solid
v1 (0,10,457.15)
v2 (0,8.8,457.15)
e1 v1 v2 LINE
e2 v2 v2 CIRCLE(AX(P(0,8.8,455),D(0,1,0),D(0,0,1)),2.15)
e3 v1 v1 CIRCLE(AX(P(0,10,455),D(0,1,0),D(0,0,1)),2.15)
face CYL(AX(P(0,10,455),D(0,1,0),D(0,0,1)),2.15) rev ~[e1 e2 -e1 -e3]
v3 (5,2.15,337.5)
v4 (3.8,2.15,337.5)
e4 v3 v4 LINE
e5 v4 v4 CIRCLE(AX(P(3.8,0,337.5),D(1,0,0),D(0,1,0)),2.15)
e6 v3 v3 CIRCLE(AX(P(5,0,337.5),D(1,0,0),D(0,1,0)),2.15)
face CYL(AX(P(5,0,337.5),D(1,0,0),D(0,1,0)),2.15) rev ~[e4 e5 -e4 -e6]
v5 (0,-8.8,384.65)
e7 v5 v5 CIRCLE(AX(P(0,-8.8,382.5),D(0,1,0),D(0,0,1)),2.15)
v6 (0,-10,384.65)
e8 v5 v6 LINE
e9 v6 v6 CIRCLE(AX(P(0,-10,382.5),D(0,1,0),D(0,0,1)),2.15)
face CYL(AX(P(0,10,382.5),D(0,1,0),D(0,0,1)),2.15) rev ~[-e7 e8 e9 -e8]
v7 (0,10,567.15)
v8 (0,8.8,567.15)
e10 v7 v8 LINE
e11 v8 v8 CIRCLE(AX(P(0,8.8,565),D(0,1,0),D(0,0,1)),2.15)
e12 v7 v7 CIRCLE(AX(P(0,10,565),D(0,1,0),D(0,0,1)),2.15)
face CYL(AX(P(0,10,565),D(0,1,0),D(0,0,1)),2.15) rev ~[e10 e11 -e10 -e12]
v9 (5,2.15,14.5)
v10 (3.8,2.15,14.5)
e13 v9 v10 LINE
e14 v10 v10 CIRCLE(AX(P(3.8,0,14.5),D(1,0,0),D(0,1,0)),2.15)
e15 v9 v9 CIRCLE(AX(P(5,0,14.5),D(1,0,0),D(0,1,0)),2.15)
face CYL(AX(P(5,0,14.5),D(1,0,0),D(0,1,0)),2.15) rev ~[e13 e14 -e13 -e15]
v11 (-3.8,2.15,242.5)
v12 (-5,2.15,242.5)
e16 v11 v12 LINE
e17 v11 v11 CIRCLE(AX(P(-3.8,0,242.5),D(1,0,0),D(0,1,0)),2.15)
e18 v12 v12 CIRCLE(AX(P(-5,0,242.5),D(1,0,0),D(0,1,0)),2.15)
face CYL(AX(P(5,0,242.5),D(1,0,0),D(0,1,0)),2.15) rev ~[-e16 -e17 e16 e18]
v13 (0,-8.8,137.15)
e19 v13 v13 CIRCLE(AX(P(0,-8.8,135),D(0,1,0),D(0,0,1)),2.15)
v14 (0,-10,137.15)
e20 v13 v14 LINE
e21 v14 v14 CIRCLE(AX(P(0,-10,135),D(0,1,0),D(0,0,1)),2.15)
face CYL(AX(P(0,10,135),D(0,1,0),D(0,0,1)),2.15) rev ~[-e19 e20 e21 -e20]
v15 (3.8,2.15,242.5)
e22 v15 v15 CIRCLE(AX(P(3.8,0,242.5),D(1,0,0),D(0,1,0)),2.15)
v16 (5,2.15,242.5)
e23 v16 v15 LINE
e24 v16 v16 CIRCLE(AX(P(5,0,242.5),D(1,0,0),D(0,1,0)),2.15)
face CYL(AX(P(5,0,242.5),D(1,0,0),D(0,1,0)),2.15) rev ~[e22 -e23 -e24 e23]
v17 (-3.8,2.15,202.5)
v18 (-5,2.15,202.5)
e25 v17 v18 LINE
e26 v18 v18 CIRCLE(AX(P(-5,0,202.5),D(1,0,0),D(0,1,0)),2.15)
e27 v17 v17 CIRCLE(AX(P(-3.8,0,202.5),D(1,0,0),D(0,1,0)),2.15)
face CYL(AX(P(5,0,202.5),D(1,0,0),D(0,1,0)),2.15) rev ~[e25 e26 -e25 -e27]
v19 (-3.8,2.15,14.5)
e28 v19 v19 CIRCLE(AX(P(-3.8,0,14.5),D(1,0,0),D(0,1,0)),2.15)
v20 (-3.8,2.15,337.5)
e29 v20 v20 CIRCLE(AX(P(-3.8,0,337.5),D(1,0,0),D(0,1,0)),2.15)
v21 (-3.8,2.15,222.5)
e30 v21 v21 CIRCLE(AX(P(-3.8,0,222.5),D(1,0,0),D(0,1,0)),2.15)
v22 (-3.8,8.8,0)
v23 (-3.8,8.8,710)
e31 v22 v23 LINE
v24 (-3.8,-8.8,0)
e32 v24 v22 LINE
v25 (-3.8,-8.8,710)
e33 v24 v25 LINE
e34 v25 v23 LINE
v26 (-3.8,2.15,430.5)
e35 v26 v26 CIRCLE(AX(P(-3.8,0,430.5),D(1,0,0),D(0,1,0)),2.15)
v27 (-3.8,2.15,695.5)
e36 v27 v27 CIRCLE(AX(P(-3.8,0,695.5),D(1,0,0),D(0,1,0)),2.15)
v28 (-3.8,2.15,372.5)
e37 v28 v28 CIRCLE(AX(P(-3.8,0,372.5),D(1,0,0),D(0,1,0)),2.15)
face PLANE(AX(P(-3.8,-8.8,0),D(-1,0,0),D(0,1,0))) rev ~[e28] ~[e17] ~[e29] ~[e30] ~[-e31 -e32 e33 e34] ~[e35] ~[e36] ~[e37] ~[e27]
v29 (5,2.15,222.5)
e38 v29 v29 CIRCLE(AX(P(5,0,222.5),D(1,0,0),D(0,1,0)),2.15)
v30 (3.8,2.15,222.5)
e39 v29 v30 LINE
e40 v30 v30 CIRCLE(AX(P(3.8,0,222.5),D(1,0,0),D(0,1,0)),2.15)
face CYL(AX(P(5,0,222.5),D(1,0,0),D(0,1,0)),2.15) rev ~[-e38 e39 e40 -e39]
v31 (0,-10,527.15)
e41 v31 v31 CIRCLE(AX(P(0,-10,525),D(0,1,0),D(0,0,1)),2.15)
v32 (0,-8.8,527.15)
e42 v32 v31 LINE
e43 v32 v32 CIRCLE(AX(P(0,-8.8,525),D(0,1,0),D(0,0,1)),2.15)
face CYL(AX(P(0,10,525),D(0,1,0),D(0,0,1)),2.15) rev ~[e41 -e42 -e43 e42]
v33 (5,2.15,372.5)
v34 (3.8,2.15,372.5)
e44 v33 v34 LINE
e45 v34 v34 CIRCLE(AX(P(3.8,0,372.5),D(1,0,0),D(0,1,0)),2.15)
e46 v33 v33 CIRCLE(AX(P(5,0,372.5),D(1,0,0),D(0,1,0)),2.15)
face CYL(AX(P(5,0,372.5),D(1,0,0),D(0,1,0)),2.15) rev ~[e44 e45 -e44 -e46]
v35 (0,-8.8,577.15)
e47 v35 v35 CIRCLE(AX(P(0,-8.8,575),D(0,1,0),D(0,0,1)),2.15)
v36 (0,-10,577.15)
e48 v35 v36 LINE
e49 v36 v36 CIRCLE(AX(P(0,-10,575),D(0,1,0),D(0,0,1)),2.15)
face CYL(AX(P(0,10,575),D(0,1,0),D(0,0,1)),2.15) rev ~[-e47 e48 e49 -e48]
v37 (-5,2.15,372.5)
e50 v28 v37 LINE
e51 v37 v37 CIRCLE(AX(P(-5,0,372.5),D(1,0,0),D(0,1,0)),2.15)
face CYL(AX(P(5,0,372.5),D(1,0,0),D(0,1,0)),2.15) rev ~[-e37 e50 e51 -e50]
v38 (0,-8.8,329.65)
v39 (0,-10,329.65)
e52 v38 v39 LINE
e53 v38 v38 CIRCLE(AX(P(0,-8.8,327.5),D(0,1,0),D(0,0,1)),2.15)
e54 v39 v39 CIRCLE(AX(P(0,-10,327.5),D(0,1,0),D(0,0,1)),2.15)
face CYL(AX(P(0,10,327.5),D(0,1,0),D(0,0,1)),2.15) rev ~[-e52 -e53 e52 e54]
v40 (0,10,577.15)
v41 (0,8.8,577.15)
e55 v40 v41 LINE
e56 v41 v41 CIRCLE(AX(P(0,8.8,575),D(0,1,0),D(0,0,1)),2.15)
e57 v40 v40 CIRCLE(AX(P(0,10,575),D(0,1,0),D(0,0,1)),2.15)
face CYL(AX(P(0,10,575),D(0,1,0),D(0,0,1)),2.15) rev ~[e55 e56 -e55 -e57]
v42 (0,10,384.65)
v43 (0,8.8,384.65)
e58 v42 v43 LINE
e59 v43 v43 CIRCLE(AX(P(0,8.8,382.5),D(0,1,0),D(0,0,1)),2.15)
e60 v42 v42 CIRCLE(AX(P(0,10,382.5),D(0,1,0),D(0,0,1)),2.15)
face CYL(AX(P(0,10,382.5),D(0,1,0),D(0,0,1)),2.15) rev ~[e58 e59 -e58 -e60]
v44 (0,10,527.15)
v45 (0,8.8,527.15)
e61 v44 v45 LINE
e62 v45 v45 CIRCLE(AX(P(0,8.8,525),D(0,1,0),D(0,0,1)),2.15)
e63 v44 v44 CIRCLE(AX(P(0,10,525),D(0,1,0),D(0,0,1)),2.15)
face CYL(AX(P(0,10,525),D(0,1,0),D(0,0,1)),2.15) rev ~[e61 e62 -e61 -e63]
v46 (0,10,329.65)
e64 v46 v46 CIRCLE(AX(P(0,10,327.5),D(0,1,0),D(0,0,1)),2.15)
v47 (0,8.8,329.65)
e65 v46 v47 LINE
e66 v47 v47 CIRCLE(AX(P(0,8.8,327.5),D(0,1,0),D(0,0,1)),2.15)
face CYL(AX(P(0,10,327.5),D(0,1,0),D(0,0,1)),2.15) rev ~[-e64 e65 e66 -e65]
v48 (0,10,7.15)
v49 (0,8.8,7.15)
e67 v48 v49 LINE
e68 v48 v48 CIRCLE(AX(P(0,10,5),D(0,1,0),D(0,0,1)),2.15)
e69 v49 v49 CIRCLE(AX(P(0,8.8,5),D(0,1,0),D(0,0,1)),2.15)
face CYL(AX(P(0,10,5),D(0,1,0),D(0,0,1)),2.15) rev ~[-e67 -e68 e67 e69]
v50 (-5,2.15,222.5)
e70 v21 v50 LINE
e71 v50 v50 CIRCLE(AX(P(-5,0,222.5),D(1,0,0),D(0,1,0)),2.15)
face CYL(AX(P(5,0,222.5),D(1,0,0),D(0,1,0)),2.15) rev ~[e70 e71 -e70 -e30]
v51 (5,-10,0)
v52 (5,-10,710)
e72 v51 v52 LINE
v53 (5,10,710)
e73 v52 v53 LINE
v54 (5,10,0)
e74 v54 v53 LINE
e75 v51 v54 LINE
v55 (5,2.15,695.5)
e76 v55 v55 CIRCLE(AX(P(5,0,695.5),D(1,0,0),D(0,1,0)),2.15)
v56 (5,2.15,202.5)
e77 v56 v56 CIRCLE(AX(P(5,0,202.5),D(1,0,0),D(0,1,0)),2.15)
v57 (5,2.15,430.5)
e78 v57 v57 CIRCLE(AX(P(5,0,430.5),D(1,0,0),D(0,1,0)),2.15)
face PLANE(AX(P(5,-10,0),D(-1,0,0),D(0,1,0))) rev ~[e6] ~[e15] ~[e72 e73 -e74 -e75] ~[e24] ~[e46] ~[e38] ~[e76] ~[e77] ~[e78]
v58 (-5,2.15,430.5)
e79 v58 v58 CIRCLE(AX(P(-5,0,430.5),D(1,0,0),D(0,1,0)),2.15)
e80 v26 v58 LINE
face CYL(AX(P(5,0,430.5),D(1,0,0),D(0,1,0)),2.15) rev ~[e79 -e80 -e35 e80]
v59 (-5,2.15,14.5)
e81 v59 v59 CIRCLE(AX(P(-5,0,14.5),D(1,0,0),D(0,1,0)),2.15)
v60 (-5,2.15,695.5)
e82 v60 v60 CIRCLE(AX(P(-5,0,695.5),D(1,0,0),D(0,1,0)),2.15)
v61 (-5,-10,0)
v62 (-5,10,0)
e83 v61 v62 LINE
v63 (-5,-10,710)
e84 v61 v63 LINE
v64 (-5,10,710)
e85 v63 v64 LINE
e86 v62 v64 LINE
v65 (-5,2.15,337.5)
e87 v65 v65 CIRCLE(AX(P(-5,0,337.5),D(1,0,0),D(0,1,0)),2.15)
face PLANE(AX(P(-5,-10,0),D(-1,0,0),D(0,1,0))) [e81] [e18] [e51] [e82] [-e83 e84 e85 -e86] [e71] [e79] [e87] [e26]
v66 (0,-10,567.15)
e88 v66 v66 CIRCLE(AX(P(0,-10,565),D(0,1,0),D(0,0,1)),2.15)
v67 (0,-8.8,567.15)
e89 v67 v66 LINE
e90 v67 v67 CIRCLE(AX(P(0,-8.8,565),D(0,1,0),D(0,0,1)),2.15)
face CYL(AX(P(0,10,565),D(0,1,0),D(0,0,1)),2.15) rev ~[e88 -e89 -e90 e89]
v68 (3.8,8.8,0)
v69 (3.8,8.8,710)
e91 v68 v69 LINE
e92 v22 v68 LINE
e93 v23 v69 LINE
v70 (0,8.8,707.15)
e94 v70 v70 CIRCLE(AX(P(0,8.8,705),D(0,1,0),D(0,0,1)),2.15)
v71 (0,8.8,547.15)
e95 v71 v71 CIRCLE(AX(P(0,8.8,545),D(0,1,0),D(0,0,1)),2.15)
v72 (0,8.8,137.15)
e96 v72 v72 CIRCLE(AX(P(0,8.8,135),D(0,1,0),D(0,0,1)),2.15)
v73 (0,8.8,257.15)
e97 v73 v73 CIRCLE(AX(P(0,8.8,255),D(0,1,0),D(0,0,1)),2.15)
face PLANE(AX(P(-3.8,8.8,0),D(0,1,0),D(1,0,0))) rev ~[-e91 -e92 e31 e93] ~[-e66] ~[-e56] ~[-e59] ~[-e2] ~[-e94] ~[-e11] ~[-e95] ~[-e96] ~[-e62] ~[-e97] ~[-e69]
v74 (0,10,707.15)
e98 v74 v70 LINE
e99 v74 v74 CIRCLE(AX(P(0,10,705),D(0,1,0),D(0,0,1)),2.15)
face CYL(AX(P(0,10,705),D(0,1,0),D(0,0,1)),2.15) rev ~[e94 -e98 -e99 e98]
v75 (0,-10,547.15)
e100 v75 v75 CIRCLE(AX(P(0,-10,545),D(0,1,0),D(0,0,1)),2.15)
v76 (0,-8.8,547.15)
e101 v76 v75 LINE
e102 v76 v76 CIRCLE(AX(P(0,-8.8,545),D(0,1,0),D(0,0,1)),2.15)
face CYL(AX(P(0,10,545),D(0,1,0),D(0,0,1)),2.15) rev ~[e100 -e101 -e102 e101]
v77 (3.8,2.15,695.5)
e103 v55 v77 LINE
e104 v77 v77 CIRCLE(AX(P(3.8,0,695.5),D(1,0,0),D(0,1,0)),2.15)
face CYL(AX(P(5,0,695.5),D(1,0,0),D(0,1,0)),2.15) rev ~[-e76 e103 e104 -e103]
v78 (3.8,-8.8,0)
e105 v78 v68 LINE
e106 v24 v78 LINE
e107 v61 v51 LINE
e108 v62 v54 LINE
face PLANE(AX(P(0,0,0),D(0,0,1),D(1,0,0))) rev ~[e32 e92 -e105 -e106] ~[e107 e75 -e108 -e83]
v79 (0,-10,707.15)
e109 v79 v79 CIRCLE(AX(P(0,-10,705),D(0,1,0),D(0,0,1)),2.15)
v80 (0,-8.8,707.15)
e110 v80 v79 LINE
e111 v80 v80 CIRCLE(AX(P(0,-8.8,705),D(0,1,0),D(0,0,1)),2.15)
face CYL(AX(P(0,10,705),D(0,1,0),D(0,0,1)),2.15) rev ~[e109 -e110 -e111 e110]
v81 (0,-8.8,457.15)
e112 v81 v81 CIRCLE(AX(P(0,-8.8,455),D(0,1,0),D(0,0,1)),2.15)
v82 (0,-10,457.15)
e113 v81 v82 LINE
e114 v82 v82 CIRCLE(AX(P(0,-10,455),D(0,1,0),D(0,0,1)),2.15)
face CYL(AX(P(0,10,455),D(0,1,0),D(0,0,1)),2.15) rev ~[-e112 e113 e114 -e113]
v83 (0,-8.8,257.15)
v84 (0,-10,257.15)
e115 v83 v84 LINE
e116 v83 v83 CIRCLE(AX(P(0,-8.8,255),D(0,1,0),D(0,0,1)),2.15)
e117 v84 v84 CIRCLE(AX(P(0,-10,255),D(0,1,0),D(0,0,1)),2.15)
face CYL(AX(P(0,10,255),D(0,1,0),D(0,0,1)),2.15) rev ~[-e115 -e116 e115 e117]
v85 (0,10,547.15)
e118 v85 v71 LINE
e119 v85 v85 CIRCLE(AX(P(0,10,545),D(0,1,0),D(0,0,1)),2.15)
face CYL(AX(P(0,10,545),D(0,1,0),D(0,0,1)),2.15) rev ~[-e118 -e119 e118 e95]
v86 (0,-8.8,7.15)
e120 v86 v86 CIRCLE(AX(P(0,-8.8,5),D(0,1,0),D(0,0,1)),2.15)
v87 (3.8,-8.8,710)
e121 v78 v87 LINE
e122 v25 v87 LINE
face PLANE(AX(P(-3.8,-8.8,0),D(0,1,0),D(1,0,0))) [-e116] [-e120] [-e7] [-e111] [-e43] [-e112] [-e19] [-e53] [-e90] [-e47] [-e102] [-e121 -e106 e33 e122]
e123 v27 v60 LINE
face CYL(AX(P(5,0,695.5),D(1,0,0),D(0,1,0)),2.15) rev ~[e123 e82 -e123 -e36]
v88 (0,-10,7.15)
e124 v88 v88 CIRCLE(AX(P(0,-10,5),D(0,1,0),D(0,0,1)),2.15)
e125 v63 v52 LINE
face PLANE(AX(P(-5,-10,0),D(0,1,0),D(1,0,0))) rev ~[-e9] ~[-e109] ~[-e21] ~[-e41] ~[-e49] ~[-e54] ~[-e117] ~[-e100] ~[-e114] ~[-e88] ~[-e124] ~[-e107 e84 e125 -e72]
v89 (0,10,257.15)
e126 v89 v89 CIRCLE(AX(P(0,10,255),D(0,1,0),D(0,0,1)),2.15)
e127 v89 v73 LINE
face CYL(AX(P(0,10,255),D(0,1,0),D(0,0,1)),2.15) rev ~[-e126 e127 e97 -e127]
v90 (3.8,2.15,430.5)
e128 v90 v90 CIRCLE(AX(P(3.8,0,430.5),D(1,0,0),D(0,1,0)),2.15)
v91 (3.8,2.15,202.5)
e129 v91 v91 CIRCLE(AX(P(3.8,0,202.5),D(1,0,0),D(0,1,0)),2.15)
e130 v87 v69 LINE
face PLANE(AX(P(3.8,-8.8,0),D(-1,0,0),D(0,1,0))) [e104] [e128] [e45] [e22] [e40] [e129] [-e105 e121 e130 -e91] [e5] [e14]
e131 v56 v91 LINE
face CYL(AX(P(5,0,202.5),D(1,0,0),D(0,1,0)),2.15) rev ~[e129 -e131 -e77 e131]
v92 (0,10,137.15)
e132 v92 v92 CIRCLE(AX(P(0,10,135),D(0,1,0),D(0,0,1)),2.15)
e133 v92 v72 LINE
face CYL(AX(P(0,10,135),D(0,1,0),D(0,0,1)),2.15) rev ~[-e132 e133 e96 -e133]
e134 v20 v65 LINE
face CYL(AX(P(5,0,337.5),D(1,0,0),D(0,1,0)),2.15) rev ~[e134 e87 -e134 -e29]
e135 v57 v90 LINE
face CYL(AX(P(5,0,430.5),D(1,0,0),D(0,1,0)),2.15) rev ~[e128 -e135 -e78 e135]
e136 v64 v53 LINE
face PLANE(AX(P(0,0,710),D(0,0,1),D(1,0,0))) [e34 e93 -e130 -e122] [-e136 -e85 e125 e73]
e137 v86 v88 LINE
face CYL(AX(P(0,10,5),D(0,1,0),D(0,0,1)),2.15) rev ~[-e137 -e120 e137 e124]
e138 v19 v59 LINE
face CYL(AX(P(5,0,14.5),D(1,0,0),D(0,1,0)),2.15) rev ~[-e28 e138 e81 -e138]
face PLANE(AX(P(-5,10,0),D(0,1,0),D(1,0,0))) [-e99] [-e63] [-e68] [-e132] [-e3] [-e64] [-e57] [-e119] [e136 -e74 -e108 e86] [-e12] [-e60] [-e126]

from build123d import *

# Parameters (mm, degrees)
SKETCH_1_W          = 10
SKETCH_1_H          = 20
SKETCH_1_W_2        = 7.6
SKETCH_1_H_2        = 17.6
EXTRUDE_1_DEPTH     = 710
SKETCH_2_R          = 2.15
CUT_EXTRUDE_1_DEPTH = 711.299232718
SKETCH_3_R          = 2.15
CUT_EXTRUDE_2_DEPTH = 711.140831103


with BuildPart() as part:
    # ｽｹｯﾁ1 → 押し出し-薄板1 (new body)
    with BuildSketch(Plane.XY):
        Rectangle(SKETCH_1_W, SKETCH_1_H)
        Rectangle(SKETCH_1_W_2, SKETCH_1_H_2, mode=Mode.SUBTRACT)
    extrude(amount=EXTRUDE_1_DEPTH)

    # ｽｹｯﾁ2 → ｶｯﾄ - 押し出し1 (cut, through all)
    with BuildSketch(Plane(origin=(0, 10, 0), x_dir=(1, 0, 0), z_dir=(0, 1, 0))):
        with Locations(Location((0, -135, 0), (0, 0, 270))):
            Circle(SKETCH_2_R)
        with Locations(Location((0, -5, 0), (0, 0, 270))):
            Circle(SKETCH_2_R)
        with Locations(Location((0, -575, 0), (0, 0, 270))):
            Circle(SKETCH_2_R)
        with Locations(Location((0, -705, 0), (0, 0, 270))):
            Circle(SKETCH_2_R)
        with Locations(Location((0, -255, 0), (0, 0, 270))):
            Circle(SKETCH_2_R)
        with Locations(Location((0, -455, 0), (0, 0, 270))):
            Circle(SKETCH_2_R)
        with Locations(Location((0, -565, 0), (0, 0, 270))):
            Circle(SKETCH_2_R)
        with Locations(Location((0, -525, 0), (0, 0, 270))):
            Circle(SKETCH_2_R)
        with Locations(Location((0, -545, 0), (0, 0, 270))):
            Circle(SKETCH_2_R)
        with Locations(Location((0, -327.5, 0), (0, 0, 270))):
            Circle(SKETCH_2_R)
        with Locations(Location((0, -382.5, 0), (0, 0, 270))):
            Circle(SKETCH_2_R)
    extrude(amount=-CUT_EXTRUDE_1_DEPTH, mode=Mode.SUBTRACT)

    # ｽｹｯﾁ3 → ｶｯﾄ - 押し出し2 (cut, through all)
    with BuildSketch(Plane(origin=(5, 0, 0), x_dir=(0, 0, -1), z_dir=(1, 0, 0))):
        with Locations(Location((-202.5, 0, 0), (0, 0, 90))):
            Circle(SKETCH_3_R)
        with Locations(Location((-222.5, 0, 0), (0, 0, 90))):
            Circle(SKETCH_3_R)
        with Locations(Location((-242.5, 0, 0), (0, 0, 90))):
            Circle(SKETCH_3_R)
        with Locations(Location((-430.5, 0, 0), (0, 0, 90))):
            Circle(SKETCH_3_R)
        with Locations(Location((-14.5, 0, 0), (0, 0, 90))):
            Circle(SKETCH_3_R)
        with Locations(Location((-695.5, 0, 0), (0, 0, 90))):
            Circle(SKETCH_3_R)
        with Locations(Location((-372.5, 0, 0), (0, 0, 90))):
            Circle(SKETCH_3_R)
        with Locations(Location((-337.5, 0, 0), (0, 0, 90))):
            Circle(SKETCH_3_R)
    extrude(amount=-CUT_EXTRUDE_2_DEPTH, mode=Mode.SUBTRACT)


solid = part.part
